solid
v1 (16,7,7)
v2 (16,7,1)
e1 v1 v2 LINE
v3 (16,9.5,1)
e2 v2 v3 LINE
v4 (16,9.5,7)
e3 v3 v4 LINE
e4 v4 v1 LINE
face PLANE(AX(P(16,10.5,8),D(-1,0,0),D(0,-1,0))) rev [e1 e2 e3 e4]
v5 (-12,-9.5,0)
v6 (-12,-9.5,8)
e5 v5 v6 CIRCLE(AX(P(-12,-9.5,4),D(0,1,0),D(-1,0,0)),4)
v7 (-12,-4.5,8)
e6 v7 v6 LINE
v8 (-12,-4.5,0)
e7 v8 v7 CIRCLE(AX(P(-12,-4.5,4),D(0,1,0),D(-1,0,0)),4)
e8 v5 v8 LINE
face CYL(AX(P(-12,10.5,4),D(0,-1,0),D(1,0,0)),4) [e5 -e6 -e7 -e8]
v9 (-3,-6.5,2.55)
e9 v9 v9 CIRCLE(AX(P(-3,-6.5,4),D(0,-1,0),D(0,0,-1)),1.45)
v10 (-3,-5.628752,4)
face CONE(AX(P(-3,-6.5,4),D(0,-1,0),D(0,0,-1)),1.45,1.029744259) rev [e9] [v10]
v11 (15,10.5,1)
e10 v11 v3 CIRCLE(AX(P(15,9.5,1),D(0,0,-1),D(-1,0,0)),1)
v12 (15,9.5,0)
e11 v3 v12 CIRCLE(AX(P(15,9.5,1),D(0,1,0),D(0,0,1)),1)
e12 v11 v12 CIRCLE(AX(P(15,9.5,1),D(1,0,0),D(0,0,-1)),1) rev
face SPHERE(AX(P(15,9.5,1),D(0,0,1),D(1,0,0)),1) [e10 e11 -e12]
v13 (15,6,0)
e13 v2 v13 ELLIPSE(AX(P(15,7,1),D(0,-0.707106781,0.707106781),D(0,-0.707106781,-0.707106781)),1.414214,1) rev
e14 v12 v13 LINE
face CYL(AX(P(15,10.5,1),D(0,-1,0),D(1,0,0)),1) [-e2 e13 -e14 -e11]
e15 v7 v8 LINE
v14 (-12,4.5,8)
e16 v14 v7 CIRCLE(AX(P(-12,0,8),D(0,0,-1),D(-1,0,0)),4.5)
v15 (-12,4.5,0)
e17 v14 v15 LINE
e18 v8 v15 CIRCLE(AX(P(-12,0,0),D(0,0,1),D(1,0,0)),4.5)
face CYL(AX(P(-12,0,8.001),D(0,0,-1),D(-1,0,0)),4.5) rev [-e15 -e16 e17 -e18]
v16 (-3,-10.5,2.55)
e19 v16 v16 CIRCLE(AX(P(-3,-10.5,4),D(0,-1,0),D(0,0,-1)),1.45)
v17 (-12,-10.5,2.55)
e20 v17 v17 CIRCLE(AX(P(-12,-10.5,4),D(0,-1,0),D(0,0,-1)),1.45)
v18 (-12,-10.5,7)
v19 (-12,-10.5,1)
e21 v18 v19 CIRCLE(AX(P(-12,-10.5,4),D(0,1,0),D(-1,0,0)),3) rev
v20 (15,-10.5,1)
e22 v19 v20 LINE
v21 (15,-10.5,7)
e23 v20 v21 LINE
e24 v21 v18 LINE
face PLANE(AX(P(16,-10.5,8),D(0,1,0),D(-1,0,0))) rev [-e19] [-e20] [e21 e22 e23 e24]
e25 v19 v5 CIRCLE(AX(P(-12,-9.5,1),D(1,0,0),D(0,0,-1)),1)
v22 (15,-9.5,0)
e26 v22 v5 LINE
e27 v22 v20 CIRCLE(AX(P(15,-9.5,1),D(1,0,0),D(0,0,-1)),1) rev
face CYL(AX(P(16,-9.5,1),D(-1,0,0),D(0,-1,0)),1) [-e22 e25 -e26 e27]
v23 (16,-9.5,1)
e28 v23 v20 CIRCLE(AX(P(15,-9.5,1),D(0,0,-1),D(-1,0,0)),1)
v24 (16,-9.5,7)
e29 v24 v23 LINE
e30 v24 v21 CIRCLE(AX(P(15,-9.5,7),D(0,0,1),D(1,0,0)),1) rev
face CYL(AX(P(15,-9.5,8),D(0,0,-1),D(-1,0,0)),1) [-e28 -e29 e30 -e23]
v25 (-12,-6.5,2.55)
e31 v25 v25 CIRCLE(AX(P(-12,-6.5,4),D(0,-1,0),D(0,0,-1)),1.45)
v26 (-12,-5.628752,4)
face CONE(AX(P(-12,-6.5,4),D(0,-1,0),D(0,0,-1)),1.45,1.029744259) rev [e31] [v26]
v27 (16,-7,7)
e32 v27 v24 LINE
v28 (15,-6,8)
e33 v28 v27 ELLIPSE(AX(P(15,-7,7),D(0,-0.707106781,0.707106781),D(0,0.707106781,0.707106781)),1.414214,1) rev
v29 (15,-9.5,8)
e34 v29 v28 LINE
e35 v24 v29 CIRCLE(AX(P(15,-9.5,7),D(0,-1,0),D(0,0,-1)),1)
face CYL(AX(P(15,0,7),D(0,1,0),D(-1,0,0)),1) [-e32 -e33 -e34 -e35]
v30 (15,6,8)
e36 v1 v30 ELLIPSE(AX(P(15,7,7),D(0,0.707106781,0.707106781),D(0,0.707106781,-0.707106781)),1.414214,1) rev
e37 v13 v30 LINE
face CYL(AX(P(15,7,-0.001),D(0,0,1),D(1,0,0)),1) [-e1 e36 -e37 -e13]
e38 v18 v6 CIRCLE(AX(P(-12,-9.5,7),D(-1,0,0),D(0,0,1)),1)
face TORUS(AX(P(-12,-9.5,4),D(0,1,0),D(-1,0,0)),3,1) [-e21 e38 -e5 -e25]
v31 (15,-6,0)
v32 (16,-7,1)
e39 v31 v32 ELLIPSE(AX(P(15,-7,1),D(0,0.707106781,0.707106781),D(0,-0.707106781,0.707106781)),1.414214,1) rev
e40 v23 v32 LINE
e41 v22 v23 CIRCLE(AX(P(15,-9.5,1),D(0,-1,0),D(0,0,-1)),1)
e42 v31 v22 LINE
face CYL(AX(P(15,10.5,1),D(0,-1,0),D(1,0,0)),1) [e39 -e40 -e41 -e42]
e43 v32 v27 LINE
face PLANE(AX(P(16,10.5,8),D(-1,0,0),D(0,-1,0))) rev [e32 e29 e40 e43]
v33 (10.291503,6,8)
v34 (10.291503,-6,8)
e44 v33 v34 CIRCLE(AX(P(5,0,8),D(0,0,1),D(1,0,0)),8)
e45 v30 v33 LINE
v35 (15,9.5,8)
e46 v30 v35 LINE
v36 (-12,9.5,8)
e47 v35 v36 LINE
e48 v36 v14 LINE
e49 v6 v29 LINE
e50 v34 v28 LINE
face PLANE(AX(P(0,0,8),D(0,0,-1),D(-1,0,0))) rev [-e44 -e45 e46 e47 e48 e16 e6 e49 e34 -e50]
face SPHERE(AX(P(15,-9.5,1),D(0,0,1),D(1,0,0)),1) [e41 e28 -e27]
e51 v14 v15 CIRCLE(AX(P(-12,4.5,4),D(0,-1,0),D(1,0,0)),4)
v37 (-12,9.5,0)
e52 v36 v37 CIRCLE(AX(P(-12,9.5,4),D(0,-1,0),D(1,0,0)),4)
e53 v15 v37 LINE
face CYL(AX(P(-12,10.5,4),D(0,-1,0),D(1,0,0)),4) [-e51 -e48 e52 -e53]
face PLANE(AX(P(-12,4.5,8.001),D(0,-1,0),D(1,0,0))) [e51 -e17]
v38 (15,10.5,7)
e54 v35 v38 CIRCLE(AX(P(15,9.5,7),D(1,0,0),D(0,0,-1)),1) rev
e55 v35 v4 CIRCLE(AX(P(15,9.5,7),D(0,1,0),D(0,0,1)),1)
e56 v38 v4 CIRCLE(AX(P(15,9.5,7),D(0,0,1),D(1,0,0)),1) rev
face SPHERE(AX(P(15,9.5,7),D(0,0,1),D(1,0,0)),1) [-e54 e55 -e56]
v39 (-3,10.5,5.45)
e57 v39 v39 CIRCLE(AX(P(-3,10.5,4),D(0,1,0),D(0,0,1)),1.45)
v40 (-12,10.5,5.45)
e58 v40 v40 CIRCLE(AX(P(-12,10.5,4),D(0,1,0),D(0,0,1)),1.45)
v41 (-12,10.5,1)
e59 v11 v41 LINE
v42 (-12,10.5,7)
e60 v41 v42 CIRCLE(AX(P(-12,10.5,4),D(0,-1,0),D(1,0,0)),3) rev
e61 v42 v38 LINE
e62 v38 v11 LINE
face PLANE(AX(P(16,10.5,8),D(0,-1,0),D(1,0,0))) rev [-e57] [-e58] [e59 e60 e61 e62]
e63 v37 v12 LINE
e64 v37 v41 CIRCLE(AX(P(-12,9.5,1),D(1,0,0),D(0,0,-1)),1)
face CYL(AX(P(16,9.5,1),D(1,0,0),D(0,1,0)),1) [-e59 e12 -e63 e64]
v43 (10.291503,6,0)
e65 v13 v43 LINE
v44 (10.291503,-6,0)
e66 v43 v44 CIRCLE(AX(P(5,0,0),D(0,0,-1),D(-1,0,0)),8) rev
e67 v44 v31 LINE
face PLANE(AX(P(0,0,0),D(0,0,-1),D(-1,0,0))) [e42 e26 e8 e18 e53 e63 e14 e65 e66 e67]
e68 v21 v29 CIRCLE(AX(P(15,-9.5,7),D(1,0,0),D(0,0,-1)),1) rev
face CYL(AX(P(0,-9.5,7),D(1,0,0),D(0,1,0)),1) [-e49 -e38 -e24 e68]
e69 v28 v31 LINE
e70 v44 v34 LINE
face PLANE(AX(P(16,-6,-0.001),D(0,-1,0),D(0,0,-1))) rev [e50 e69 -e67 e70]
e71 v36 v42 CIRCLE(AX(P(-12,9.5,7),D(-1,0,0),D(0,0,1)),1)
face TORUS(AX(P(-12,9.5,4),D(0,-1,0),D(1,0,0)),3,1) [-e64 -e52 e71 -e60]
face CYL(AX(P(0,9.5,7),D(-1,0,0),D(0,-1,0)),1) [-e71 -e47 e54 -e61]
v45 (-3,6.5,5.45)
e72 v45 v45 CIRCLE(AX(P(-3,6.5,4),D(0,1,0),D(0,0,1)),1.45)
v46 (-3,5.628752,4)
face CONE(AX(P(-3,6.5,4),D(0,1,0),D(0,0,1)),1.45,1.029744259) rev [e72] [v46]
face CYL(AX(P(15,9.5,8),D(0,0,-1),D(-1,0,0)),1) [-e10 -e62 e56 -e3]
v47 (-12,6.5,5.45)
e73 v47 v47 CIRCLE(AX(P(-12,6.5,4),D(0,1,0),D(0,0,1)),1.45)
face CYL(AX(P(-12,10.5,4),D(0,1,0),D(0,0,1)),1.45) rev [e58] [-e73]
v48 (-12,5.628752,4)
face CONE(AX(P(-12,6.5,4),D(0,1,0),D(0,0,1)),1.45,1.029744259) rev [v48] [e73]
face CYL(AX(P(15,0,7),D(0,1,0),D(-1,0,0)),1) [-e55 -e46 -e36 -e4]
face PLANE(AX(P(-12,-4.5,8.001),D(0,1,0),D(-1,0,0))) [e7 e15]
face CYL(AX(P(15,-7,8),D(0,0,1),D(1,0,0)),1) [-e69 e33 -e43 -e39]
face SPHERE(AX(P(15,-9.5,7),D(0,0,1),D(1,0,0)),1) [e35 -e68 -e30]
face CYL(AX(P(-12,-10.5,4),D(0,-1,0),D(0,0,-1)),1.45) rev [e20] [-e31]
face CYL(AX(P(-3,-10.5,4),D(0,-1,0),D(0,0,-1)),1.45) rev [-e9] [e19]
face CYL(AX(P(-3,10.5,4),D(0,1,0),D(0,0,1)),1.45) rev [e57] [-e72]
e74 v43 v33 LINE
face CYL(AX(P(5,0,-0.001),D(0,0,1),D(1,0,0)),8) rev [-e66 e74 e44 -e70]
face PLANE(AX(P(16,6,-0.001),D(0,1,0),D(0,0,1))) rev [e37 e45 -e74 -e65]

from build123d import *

# Parameters (mm, degrees)
SKETCH1_W                       = 32
SKETCH1_H                       = 21
BOSS_EXTRUDE1_DEPTH             = 8
FILLET1_RADIUS                  = 4
FILLET1_LENGTH                  = 21
CUT_EXTRUDE1_REACH              = 22.742
M2_5_CLEARANCE_HOLE1_AT_2_COUNT = 2
M2_5_CLEARANCE_HOLE1_AT_2_PITCH = 9
FILLET2_R                       = 1
CUT_EXTRUDE2_REACH              = 22.742


with BuildPart() as part:
    # Sketch1 → Boss-Extrude1 (new body)
    with BuildSketch(Plane.XY):
        Rectangle(SKETCH1_W, SKETCH1_H)
    extrude(amount=BOSS_EXTRUDE1_DEPTH)

    # Fillet1: full round fillet: the end face becomes a half cylinder, R = half its width
    fillet1_face = Plane((-16, 0, 4), x_dir=(0, 1, 0), z_dir=(-1, 0, 0))  # on the end face: x along it, z out of the body
    fillet1_slab = fillet1_face.offset(-FILLET1_RADIUS / 2) * Box(FILLET1_LENGTH, 2 * FILLET1_RADIUS, FILLET1_RADIUS, mode=Mode.PRIVATE)  # the body's end, R deep
    fillet1_round = Plane((-12, 0, 4), x_dir=(-1, 0, 0), z_dir=(0, 1, 0)) * Cylinder(FILLET1_RADIUS, FILLET1_LENGTH, mode=Mode.PRIVATE)  # its axis R under the face
    add(fillet1_slab - fillet1_round, mode=Mode.SUBTRACT)

    # Sketch2 → Cut-Extrude1 (cut, up to next)
    with BuildSketch(Plane.XY.offset(8), mode=Mode.PRIVATE) as cut_extrude1_sk1:
        with BuildLine():
            Line((16, 6), (10.291502622, 6))
            ThreePointArc((10.291502622, 6), (-3, 0), (10.291502622, -6))
            Line((10.291502622, -6), (16, -6))
            Line((16, -6), (16, 6))
        make_face()
    cut_extrude1_tool1 = extrude(cut_extrude1_sk1.sketch, amount=-CUT_EXTRUDE1_REACH, mode=Mode.PRIVATE) & part.part
    add(cut_extrude1_tool1.solids().sort_by_distance((6.675863, 0, 8))[0], mode=Mode.SUBTRACT)

    # Sketch5 → M2.5 Clearance Hole1 (revolve, cut)
    with BuildSketch(Plane(origin=(-12, 10.5, 4), x_dir=(0, 0, 1), z_dir=(1, 0, 0))):
        Polygon((0, 0), (0, 4.871247898), (1.45, 4), (1.45, 0), align=None)
    m2_5_clearance_hole1 = revolve(axis=Axis((-12, 16.85, 4), (0, -1, 0)), mode=Mode.SUBTRACT)

    # M2.5 Clearance Hole1 at 2: M2.5 Clearance Hole1 ×2
    with Locations(*[(i * M2_5_CLEARANCE_HOLE1_AT_2_PITCH, 0, 0) for i in range(1, M2_5_CLEARANCE_HOLE1_AT_2_COUNT)]):
        add(m2_5_clearance_hole1, mode=Mode.SUBTRACT)

    # Fillet2
    fillet2_edges = [part.edges().sort_by_distance(p)[0] for p in [
        (16, -8.25, 8),
        (2, 10.5, 8),
        (2, -10.5, 8),
        (2, -10.5, 0),
        (-16, 10.5, 4),
        (-16, -10.5, 4),
        (16, 8.25, 0),
        (16, 8.25, 8),
        (16, 6, 4),
        (16, -6, 4),
        (2, 10.5, 0),
        (16, -8.25, 0),
        (16, 10.5, 4),
        (16, -10.5, 4),
    ]]
    fillet(fillet2_edges, radius=FILLET2_R)

    # Mirror1: M2.5 Clearance Hole1 across plane
    add(m2_5_clearance_hole1.mirror(Plane.ZX), mode=Mode.SUBTRACT)

    # Mirror1 copy 1 sketch → Mirror1 copy 1 (revolve, cut)
    with BuildSketch(Plane(origin=(-3, -10.5, 4), x_dir=(0, 0, 1), z_dir=(1, 0, 0))):
        Polygon((0, 0), (0, -4.871247898), (1.45, -4), (1.45, 0), align=None)
    revolve(axis=Axis((-3, -16.85, 4), (0, -1, 0)), mode=Mode.SUBTRACT)

    # Sketch6 → Cut-Extrude2 (cut, up to next)
    with BuildSketch(Plane.XY, mode=Mode.PRIVATE) as cut_extrude2_sk1:
        with BuildLine():
            Line((-12, 4.5), (-16, 4.5))
            Line((-16, 4.5), (-16, -4.5))
            Line((-16, -4.5), (-12, -4.5))
            ThreePointArc((-12, -4.5), (-7.5, 0), (-12, 4.5))
        make_face()
    cut_extrude2_tool1 = extrude(cut_extrude2_sk1.sketch, amount=CUT_EXTRUDE2_REACH, mode=Mode.PRIVATE) & part.part
    add(cut_extrude2_tool1.solids().sort_by_distance((-12.165908, 0, 0))[0], mode=Mode.SUBTRACT)


solid = part.part
